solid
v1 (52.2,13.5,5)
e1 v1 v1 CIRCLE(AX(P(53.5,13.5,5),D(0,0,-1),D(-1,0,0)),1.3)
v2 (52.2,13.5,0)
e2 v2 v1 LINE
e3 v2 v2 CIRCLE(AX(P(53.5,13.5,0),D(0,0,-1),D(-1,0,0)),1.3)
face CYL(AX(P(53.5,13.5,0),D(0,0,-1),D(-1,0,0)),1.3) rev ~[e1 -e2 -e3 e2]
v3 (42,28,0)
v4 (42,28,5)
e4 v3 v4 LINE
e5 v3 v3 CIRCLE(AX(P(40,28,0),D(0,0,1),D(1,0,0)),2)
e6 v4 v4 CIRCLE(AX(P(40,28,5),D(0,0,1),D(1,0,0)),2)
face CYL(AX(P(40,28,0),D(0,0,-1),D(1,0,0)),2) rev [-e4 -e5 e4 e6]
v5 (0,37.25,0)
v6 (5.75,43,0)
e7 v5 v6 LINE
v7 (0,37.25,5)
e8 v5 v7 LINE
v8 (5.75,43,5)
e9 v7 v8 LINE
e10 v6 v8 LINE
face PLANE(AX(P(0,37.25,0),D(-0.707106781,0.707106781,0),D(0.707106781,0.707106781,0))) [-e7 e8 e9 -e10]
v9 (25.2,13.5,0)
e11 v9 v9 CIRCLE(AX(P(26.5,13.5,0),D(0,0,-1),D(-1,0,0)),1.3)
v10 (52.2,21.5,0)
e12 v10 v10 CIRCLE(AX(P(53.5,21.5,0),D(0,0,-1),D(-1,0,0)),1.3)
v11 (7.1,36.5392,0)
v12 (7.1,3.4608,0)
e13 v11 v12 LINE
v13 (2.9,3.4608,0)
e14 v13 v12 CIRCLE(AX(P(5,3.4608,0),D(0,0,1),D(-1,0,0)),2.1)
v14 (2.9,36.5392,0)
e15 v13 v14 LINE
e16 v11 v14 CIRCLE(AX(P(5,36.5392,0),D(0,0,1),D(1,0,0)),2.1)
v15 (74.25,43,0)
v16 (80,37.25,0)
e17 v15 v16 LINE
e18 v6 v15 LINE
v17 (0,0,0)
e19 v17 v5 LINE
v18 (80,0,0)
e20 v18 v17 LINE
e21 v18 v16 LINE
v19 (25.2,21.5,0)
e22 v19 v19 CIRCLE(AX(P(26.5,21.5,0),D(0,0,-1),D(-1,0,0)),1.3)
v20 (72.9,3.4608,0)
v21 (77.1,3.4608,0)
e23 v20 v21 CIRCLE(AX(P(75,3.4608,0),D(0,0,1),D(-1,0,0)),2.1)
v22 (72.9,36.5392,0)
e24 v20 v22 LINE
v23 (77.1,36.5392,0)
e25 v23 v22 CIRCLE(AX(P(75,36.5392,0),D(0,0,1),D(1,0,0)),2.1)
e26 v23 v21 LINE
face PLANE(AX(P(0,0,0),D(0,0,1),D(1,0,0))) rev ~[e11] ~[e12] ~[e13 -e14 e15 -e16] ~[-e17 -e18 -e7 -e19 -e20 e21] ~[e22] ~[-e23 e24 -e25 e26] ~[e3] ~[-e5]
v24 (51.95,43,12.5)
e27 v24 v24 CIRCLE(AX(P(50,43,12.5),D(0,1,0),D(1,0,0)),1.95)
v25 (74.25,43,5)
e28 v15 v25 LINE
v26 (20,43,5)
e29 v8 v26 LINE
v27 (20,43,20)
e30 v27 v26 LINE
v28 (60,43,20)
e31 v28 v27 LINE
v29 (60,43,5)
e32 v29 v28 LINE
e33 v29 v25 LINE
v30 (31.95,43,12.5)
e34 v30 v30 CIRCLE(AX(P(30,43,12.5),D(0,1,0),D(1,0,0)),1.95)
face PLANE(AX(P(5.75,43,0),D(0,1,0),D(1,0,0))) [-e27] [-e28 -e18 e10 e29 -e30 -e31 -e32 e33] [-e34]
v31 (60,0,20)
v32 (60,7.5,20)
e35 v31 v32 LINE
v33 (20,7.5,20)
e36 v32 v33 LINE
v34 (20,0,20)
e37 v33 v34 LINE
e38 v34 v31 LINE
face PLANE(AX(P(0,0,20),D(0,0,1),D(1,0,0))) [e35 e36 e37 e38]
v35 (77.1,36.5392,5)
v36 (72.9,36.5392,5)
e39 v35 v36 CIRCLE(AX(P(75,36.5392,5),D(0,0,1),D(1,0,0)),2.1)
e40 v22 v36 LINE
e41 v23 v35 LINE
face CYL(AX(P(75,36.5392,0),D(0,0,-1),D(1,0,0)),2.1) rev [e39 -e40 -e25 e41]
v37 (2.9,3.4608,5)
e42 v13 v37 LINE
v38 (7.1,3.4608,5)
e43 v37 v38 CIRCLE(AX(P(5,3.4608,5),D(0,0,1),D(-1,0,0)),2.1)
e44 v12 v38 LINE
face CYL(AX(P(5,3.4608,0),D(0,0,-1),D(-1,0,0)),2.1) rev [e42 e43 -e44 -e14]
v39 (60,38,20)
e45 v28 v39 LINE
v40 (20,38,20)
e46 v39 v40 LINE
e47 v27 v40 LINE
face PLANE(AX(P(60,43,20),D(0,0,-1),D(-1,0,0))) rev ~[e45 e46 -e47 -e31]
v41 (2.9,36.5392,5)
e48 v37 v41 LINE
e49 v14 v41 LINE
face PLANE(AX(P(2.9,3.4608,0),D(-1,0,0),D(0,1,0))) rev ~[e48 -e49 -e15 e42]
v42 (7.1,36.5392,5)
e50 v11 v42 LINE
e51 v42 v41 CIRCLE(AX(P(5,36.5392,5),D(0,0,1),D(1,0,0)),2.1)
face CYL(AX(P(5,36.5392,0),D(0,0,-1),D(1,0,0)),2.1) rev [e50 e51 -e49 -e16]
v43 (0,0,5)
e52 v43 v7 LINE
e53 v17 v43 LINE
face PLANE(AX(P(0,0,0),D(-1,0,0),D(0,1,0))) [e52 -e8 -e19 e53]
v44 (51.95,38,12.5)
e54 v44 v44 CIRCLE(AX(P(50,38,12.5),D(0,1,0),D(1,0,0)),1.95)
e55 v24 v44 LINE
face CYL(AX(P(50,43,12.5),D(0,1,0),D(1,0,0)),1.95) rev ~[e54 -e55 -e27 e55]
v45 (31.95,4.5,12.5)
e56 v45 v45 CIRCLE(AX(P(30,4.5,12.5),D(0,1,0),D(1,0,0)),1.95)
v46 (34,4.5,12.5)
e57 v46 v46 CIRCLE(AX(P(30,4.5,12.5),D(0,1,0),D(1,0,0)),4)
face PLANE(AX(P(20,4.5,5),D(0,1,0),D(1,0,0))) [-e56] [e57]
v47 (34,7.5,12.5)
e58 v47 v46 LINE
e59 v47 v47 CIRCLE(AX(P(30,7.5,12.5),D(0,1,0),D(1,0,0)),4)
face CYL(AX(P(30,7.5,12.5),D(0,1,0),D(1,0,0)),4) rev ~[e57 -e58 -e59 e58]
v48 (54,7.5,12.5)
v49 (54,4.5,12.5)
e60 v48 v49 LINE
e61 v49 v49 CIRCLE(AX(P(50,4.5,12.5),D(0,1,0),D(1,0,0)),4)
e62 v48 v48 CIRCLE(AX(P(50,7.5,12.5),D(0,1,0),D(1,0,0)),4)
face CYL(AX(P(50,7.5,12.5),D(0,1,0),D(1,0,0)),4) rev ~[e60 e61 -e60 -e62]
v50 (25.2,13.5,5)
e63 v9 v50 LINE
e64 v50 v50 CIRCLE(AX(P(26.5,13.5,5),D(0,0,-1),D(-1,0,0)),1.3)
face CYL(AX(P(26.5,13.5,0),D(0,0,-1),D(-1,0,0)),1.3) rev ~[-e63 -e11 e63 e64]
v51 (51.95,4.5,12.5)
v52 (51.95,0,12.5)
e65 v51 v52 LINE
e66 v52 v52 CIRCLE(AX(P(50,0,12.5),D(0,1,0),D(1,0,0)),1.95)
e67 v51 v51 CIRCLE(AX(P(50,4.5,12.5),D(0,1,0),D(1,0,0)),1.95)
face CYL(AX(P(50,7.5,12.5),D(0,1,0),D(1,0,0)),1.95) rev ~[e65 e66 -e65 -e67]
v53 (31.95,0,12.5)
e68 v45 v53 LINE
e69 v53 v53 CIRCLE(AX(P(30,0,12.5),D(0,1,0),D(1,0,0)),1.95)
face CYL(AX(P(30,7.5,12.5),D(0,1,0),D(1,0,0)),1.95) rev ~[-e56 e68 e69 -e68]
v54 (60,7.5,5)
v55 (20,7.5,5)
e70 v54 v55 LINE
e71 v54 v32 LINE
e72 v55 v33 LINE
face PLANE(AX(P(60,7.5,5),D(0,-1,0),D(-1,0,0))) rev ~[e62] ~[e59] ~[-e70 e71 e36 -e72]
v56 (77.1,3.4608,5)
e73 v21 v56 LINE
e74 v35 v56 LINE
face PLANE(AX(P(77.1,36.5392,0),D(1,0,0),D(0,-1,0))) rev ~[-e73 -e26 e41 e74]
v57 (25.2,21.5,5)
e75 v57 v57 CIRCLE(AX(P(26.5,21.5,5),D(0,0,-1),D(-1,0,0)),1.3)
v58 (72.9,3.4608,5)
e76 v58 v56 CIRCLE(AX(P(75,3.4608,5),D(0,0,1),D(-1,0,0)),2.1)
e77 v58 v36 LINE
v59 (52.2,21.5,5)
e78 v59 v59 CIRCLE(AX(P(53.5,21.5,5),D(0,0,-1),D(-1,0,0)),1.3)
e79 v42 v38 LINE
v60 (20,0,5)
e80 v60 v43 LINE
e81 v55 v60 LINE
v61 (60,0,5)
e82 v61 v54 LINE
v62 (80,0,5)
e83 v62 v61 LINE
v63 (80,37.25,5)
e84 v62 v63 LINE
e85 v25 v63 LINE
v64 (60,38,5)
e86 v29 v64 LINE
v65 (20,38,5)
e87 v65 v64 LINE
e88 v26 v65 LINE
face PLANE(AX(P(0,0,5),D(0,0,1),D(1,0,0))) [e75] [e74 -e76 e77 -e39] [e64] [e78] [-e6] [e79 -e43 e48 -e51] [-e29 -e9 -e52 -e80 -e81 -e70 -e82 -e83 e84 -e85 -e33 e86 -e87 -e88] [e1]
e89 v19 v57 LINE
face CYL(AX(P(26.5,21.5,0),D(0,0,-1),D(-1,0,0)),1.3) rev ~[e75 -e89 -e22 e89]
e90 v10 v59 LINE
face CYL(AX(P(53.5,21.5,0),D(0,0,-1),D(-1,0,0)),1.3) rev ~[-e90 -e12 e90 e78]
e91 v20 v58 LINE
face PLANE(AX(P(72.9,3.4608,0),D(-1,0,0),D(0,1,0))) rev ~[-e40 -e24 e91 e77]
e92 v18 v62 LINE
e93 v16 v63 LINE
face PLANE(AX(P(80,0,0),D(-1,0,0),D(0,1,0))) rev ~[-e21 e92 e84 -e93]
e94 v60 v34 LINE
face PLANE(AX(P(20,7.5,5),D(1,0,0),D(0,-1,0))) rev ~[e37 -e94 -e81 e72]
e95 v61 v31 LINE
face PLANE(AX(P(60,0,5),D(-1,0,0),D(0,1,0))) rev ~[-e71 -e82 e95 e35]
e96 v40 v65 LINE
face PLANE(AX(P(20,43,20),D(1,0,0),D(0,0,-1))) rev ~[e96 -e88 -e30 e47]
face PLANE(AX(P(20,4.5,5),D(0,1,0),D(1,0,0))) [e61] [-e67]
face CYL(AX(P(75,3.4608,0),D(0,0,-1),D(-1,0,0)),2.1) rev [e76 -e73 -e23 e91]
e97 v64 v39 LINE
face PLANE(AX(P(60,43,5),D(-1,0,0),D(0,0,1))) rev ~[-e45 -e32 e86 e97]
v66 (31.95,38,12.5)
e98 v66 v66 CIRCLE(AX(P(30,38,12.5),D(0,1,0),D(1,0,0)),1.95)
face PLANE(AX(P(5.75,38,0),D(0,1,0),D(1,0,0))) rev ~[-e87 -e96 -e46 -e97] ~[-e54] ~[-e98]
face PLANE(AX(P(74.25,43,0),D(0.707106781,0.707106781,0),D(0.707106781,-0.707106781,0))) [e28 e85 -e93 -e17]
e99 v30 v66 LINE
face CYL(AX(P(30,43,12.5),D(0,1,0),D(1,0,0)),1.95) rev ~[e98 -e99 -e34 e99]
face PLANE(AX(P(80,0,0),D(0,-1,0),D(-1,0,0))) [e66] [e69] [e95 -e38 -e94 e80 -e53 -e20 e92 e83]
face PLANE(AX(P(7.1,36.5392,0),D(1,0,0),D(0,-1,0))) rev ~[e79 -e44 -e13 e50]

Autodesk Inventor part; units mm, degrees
ref_plane "YZ Plane" through (0, 0, 0) normal (1, 0, 0) x (0, 1, 0)
ref_plane "XZ Plane" through (0, 0, 0) normal (0, 1, 0) x (-1, 0, 0)
ref_plane "XY Plane" through (0, 0, 0) normal (0, 0, 1) x (1, 0, 0)
sketch "Эскиз1" plane through (0, 0, 0) normal (0, 0, 1) x (1, 0, 0)
  arc A0 (50, 23.4174) -> (30, 23.4174) centre (40, 28) ccw
  line L0 (0, 37.25) -> (5.75, 43)
  line L1 (0, 0) -> (0, 37.25)
  line L2 (80, 0) -> (0, 0)
  line L3 (80, 0) -> (80, 37.25)
  line L4 (74.25, 43) -> (80, 37.25)
  line L5 (5.75, 43) -> (74.25, 43)
  circle A1 centre (40, 28) radius 2
  arc A2 (2.9, 3.4608) -> (7.1, 3.4608) centre (5, 3.4608) ccw
  line L6 (2.9, 3.4608) -> (2.9, 36.5392)
  arc A3 (7.1, 36.5392) -> (2.9, 36.5392) centre (5, 36.5392) ccw
  line L7 (7.1, 36.5392) -> (7.1, 3.4608)
  arc A4 (77.1, 36.5392) -> (72.9, 36.5392) centre (75, 36.5392) ccw
  line L8 (77.1, 36.5392) -> (77.1, 3.4608)
  arc A5 (72.9, 3.4608) -> (77.1, 3.4608) centre (75, 3.4608) ccw
  line L9 (72.9, 3.4608) -> (72.9, 36.5392)
  point P0 (40, -34)
extrude "Выдавливание1" add sketch "Эскиз1" along normal blind 5
sketch "Эскиз2" plane through (0, 0, 5) normal (0, 0, 1) x (1, 0, 0)
  line L0 (60, 0) -> (60, 7.5)
  line L1 (60, 7.5) -> (20, 7.5)
  line L2 (20, 7.5) -> (20, 0)
  line L3 (0, 0) -> (80, 0) projected
  line L4 (40, 0) -> (60, 7.5) construction
  line L5 (40, 0) -> (20, 7.5) construction
  line L6 (60, 0) -> (20, 0)
  dimension "d2" = 40
extrude "Выдавливание2" add sketch "Эскиз2" along normal blind 15
sketch "Эскиз3" plane through (20, 7.5, 5) normal (0, 1, 0) x (1, 0, 0)
  line L0 (0, 0) -> (0, -15) projected
  line L1 (0, -7.5) -> (40, -7.5)
  line L2 (40, 0) -> (40, -15) projected
  line L3 (20, -7.5) -> (20, -15)
  line L4 (20, -7.5) -> (20, 0)
  circle A0 centre (10, -7.5) radius 1.95
  circle A1 centre (30, -7.5) radius 1.95
  point P0 (-20, 5)
  dimension "d6" = 3.9
extrude "Выдавливание3" cut sketch "Эскиз3" against normal blind 15
sketch "Эскиз4" plane through (20, 7.5, 5) normal (0, 1, 0) x (1, 0, 0)
  circle A0 centre (10, -7.5) radius 1.95 projected
  circle A1 centre (10, -7.5) radius 4
  circle A2 centre (30, -7.5) radius 1.95 projected
  circle A3 centre (30, -7.5) radius 4
  point P0 (-20, 5)
  dimension "d9" = 8
  dimension "d10" = 8
extrude "Выдавливание4" cut sketch "Эскиз4" against normal blind 3
sketch "Эскиз5" plane through (0, 0, 0) normal (0, 0, -1) x (-1, 0, 0)
  arc A0 (-30, 23.4174) -> (-50, 23.4174) centre (-40, 28) ccw
  line L0 (-30, 23.4174) -> (-30, 0)
  line L1 (-11.1, 0) -> (-30, 0)
  line L2 (-11.1, 0) -> (-11.1, 37.25)
  line L3 (-13.85, 40) -> (-11.1, 37.25)
  line L4 (-66.15, 40) -> (-13.85, 40)
  line L5 (-68.9, 37.25) -> (-66.15, 40)
  line L6 (-68.9, 0) -> (-68.9, 37.25)
  line L7 (-50, 0) -> (-68.9, 0)
  line L8 (-50, 0) -> (-50, 23.4174)
  circle A1 centre (-26.5, 13.5) radius 1.3
  circle A2 centre (-53.5, 21.5) radius 1.3
  circle A3 centre (-53.5, 5.5) radius 1.3
  circle A4 centre (-53.5, 13.5) radius 1.3
  circle A5 centre (-26.5, 5.5) radius 1.3
  circle A6 centre (-26.5, 21.5) radius 1.3
  circle A7 centre (-40, 28) radius 2 projected
  circle A8 centre (-40, 28) radius 2
  point P0 (0, 0)
  point P1 (28.9, -34)
extrude "Выдавливание5" cut sketch "Эскиз5" against normal through all contours A1 | A2 | A4 | A6
sketch "Эскиз9" plane through (5.75, 43, 0) normal (0, 1, 0) x (1, 0, 0)
  line L0 (54.25, -20) -> (14.25, -20) projected
  line L1 (14.25, -5) -> (54.25, -5) projected
  line L2 (54.25, -20) -> (14.25, -20)
  line L3 (14.25, -20) -> (14.25, -5)
  line L4 (14.25, -5) -> (54.25, -5)
  line L5 (54.25, -5) -> (54.25, -20)
  circle A0 centre (44.25, -12.5) radius 1.95 projected
  circle A1 centre (44.25, -12.5) radius 1.95
  circle A2 centre (24.25, -12.5) radius 1.95 projected
  circle A3 centre (24.25, -12.5) radius 1.95
  point P0 (-5.75, 0)
extrude "Выдавливание8" add sketch "Эскиз9" against normal blind 5
properties part number "КВ33.044.702 - Стойка натягивающих роликов оси Y" material "Пластик АБС"
